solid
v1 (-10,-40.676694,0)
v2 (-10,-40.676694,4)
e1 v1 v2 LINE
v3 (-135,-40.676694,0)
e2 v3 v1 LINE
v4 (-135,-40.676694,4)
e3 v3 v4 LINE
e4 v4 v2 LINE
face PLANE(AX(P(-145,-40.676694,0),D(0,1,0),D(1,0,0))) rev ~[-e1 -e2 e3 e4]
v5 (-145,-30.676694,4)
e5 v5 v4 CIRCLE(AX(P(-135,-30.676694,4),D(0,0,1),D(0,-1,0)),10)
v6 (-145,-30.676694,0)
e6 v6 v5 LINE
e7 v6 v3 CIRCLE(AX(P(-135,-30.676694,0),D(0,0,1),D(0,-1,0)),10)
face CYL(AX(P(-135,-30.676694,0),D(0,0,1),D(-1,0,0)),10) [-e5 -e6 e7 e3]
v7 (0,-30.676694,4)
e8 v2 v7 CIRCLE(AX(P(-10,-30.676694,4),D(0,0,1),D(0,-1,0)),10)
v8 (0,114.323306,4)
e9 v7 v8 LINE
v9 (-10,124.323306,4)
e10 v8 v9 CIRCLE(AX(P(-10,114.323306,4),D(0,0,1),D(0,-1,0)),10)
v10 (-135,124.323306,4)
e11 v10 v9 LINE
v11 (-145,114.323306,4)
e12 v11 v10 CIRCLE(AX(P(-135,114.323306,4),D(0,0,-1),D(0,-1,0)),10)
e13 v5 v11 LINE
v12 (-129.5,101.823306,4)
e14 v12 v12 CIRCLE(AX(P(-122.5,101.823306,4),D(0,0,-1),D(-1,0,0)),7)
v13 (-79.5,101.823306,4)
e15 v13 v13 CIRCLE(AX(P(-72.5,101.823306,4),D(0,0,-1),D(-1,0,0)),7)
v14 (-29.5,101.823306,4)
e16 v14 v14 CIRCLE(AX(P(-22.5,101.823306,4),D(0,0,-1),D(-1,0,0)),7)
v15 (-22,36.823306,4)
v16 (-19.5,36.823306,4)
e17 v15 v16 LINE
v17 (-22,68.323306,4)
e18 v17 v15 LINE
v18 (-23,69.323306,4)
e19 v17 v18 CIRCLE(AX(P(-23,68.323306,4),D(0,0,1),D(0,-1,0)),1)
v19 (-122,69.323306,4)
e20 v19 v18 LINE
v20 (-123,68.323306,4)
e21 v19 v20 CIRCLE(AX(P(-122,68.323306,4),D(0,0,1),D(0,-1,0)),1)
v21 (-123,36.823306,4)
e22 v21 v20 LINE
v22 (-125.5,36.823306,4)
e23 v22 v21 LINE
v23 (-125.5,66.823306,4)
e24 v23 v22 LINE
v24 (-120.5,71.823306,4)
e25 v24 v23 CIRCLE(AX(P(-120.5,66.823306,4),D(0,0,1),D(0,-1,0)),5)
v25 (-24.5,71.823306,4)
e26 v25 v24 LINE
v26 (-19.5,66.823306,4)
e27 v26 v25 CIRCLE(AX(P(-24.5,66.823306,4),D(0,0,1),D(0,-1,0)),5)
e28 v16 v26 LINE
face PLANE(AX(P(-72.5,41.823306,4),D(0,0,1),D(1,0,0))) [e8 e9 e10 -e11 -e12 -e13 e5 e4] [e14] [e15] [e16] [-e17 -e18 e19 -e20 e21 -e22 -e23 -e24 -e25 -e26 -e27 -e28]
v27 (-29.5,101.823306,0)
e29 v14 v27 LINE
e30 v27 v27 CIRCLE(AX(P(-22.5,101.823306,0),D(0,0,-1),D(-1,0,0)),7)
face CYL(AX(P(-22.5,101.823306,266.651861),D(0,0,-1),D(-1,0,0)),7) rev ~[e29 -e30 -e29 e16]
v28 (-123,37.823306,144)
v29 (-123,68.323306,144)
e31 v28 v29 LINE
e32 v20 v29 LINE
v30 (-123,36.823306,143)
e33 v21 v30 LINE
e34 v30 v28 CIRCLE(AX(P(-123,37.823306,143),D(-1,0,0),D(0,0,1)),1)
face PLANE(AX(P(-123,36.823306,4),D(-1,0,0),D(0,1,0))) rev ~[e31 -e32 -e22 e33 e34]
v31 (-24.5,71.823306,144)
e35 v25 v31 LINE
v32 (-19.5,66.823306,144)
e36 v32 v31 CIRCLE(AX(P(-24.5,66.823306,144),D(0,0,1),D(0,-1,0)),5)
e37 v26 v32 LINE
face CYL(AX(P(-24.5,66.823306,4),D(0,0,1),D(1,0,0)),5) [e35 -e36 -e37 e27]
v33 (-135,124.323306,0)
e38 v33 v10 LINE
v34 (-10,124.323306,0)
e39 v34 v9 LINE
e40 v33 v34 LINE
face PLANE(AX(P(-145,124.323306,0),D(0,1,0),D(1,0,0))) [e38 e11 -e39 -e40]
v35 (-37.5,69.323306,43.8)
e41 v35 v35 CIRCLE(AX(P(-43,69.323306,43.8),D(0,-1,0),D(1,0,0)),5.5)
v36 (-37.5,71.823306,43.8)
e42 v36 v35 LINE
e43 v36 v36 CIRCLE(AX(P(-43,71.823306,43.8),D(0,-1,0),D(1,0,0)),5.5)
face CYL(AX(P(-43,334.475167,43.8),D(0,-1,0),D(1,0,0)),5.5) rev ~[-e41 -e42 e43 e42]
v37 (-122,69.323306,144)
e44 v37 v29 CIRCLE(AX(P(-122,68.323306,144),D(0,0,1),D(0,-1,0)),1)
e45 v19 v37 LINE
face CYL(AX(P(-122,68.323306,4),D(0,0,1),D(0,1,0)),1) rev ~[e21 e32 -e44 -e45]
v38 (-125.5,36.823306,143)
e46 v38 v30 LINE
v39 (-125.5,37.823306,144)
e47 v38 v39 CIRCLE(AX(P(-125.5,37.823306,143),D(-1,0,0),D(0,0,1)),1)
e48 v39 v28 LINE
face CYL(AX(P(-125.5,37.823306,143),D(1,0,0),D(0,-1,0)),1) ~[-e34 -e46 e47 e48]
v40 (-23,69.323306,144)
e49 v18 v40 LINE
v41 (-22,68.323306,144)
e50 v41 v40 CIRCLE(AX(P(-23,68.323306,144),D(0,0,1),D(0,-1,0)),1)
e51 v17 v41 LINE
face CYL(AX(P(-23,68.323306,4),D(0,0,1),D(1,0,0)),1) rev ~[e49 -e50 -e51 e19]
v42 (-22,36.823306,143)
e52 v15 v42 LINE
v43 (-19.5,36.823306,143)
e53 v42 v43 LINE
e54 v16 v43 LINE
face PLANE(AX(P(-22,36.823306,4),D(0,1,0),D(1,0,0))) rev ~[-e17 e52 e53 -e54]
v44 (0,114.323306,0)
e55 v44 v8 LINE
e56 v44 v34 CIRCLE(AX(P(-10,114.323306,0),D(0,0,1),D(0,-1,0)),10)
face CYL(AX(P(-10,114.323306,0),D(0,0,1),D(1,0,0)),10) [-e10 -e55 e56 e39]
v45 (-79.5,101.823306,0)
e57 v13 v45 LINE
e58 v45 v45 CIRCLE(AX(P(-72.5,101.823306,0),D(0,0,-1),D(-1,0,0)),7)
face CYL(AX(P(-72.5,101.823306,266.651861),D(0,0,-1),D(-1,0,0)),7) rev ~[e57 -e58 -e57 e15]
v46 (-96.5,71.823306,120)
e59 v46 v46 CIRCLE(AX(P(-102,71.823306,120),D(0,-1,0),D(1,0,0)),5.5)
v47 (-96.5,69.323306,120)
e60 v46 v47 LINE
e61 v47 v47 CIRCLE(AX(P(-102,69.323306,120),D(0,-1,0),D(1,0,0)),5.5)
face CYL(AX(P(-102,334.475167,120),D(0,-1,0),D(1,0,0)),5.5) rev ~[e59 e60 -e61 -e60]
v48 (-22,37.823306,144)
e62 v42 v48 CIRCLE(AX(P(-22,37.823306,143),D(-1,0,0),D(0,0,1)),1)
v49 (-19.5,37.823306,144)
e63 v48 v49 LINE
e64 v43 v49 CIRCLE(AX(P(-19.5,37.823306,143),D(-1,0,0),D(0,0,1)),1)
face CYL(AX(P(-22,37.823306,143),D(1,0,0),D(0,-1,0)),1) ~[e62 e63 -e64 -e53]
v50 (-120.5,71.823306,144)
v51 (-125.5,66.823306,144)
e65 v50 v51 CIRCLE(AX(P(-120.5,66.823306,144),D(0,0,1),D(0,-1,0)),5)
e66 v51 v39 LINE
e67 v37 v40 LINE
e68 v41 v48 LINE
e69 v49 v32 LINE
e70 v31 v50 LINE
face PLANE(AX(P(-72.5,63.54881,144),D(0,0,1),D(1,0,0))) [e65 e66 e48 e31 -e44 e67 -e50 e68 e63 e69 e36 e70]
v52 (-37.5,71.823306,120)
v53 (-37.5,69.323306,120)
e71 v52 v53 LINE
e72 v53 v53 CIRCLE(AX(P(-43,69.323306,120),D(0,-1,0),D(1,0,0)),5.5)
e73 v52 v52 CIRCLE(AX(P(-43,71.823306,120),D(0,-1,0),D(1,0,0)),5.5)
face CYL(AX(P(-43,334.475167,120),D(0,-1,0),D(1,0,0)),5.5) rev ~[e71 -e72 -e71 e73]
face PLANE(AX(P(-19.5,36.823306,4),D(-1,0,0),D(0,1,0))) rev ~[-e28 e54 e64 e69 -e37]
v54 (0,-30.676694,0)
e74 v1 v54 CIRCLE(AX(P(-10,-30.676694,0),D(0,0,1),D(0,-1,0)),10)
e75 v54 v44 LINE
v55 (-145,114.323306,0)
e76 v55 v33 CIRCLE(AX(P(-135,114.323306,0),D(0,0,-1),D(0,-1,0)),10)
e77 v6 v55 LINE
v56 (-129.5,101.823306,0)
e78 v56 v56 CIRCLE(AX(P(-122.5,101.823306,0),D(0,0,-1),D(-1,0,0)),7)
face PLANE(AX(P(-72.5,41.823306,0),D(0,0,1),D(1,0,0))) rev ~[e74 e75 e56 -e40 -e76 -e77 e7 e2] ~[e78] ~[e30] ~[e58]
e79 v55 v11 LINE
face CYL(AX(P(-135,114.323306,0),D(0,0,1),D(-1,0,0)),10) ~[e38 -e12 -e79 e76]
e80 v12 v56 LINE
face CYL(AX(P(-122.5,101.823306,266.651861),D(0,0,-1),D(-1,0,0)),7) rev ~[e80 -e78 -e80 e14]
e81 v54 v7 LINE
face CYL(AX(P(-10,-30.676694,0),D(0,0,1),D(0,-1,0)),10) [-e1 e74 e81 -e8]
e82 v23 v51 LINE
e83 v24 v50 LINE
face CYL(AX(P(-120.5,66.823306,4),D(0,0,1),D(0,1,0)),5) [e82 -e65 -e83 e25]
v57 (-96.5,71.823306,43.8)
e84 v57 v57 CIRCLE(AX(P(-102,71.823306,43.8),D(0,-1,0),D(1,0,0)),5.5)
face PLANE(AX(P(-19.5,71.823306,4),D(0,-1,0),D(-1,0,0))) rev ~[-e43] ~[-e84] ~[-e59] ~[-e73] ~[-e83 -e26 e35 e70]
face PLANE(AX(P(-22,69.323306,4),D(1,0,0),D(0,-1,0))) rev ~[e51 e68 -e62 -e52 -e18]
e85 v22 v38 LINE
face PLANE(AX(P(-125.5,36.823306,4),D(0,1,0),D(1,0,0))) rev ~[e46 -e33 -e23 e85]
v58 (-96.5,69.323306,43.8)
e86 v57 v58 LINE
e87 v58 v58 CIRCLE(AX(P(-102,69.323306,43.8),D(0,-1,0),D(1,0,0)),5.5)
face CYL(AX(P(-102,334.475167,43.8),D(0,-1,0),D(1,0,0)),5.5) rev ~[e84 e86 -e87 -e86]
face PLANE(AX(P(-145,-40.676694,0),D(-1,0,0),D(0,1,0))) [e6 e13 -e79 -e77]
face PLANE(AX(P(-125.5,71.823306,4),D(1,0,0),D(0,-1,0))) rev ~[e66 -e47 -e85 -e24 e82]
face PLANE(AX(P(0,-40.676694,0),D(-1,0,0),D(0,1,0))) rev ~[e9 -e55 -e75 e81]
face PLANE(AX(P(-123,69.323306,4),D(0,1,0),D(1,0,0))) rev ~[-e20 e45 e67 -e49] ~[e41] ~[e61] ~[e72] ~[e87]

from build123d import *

# Parameters (mm, degrees)
F0_W     = 145
F0_H     = 165
F1_DEPTH = 4
F2_R     = 10
F4_DEPTH = 140
F5_R     = 5
F6_R     = 1
F7_R     = 1
F9_D     = 14
F11_D    = 11


with BuildPart() as f1:
    # F0 (on Top) → F1 (new body)
    with BuildSketch(Plane.XY):
        with Locations((-72.5, 41.823306)):
            Rectangle(F0_W, F0_H)
    extrude(amount=F1_DEPTH)

    # F2
    f2_edges = [f1.edges().sort_by_distance(p)[0] for p in [
        (0, -40.676694, 2),
        (0, 124.323306, 2),
        (-145, 124.323306, 2),
        (-145, -40.676694, 2),
    ]]
    fillet(f2_edges, radius=F2_R)

    # F3 (on face) → F4 (join)
    with BuildSketch(Plane.XY.offset(4)):
        Polygon((-19.5, 36.823306), (-19.5, 71.823306), (-125.5, 71.823306), (-125.5, 36.823306), (-123, 36.823306), (-123, 69.323306), (-22, 69.323306), (-22, 36.823306), align=None)
    extrude(amount=F4_DEPTH)

    # F5
    f5_edges = [f1.edges().sort_by_distance(p)[0] for p in [
        (-125.5, 71.823306, 74),
        (-19.5, 71.823306, 74),
    ]]
    fillet(f5_edges, radius=F5_R)

    # F6
    f6_edges = [f1.edges().sort_by_distance(p)[0] for p in [
        (-22, 69.323306, 74),
        (-123, 69.323306, 74),
    ]]
    fillet(f6_edges, radius=F6_R)

    # F7
    f7_edges = [f1.edges().sort_by_distance(p)[0] for p in [
        (-124.25, 36.823306, 144),
        (-20.75, 36.823306, 144),
    ]]
    fillet(f7_edges, radius=F7_R)

    # F9 (through all)
    with Locations(Plane.XY.offset(4)):
        with Locations((-22.5, 101.823306), (-72.5, 101.823306), (-122.5, 101.823306)):
            Hole(F9_D / 2)

    # F11 (through all)
    with Locations(Plane(origin=(0, 71.823306, 0), x_dir=(-1, 0, 0), z_dir=(0, 1, 0))):
        with Locations((102, 120), (43, 120), (43, 43.8), (102, 43.8)):
            Hole(F11_D / 2)


solid = f1.part
